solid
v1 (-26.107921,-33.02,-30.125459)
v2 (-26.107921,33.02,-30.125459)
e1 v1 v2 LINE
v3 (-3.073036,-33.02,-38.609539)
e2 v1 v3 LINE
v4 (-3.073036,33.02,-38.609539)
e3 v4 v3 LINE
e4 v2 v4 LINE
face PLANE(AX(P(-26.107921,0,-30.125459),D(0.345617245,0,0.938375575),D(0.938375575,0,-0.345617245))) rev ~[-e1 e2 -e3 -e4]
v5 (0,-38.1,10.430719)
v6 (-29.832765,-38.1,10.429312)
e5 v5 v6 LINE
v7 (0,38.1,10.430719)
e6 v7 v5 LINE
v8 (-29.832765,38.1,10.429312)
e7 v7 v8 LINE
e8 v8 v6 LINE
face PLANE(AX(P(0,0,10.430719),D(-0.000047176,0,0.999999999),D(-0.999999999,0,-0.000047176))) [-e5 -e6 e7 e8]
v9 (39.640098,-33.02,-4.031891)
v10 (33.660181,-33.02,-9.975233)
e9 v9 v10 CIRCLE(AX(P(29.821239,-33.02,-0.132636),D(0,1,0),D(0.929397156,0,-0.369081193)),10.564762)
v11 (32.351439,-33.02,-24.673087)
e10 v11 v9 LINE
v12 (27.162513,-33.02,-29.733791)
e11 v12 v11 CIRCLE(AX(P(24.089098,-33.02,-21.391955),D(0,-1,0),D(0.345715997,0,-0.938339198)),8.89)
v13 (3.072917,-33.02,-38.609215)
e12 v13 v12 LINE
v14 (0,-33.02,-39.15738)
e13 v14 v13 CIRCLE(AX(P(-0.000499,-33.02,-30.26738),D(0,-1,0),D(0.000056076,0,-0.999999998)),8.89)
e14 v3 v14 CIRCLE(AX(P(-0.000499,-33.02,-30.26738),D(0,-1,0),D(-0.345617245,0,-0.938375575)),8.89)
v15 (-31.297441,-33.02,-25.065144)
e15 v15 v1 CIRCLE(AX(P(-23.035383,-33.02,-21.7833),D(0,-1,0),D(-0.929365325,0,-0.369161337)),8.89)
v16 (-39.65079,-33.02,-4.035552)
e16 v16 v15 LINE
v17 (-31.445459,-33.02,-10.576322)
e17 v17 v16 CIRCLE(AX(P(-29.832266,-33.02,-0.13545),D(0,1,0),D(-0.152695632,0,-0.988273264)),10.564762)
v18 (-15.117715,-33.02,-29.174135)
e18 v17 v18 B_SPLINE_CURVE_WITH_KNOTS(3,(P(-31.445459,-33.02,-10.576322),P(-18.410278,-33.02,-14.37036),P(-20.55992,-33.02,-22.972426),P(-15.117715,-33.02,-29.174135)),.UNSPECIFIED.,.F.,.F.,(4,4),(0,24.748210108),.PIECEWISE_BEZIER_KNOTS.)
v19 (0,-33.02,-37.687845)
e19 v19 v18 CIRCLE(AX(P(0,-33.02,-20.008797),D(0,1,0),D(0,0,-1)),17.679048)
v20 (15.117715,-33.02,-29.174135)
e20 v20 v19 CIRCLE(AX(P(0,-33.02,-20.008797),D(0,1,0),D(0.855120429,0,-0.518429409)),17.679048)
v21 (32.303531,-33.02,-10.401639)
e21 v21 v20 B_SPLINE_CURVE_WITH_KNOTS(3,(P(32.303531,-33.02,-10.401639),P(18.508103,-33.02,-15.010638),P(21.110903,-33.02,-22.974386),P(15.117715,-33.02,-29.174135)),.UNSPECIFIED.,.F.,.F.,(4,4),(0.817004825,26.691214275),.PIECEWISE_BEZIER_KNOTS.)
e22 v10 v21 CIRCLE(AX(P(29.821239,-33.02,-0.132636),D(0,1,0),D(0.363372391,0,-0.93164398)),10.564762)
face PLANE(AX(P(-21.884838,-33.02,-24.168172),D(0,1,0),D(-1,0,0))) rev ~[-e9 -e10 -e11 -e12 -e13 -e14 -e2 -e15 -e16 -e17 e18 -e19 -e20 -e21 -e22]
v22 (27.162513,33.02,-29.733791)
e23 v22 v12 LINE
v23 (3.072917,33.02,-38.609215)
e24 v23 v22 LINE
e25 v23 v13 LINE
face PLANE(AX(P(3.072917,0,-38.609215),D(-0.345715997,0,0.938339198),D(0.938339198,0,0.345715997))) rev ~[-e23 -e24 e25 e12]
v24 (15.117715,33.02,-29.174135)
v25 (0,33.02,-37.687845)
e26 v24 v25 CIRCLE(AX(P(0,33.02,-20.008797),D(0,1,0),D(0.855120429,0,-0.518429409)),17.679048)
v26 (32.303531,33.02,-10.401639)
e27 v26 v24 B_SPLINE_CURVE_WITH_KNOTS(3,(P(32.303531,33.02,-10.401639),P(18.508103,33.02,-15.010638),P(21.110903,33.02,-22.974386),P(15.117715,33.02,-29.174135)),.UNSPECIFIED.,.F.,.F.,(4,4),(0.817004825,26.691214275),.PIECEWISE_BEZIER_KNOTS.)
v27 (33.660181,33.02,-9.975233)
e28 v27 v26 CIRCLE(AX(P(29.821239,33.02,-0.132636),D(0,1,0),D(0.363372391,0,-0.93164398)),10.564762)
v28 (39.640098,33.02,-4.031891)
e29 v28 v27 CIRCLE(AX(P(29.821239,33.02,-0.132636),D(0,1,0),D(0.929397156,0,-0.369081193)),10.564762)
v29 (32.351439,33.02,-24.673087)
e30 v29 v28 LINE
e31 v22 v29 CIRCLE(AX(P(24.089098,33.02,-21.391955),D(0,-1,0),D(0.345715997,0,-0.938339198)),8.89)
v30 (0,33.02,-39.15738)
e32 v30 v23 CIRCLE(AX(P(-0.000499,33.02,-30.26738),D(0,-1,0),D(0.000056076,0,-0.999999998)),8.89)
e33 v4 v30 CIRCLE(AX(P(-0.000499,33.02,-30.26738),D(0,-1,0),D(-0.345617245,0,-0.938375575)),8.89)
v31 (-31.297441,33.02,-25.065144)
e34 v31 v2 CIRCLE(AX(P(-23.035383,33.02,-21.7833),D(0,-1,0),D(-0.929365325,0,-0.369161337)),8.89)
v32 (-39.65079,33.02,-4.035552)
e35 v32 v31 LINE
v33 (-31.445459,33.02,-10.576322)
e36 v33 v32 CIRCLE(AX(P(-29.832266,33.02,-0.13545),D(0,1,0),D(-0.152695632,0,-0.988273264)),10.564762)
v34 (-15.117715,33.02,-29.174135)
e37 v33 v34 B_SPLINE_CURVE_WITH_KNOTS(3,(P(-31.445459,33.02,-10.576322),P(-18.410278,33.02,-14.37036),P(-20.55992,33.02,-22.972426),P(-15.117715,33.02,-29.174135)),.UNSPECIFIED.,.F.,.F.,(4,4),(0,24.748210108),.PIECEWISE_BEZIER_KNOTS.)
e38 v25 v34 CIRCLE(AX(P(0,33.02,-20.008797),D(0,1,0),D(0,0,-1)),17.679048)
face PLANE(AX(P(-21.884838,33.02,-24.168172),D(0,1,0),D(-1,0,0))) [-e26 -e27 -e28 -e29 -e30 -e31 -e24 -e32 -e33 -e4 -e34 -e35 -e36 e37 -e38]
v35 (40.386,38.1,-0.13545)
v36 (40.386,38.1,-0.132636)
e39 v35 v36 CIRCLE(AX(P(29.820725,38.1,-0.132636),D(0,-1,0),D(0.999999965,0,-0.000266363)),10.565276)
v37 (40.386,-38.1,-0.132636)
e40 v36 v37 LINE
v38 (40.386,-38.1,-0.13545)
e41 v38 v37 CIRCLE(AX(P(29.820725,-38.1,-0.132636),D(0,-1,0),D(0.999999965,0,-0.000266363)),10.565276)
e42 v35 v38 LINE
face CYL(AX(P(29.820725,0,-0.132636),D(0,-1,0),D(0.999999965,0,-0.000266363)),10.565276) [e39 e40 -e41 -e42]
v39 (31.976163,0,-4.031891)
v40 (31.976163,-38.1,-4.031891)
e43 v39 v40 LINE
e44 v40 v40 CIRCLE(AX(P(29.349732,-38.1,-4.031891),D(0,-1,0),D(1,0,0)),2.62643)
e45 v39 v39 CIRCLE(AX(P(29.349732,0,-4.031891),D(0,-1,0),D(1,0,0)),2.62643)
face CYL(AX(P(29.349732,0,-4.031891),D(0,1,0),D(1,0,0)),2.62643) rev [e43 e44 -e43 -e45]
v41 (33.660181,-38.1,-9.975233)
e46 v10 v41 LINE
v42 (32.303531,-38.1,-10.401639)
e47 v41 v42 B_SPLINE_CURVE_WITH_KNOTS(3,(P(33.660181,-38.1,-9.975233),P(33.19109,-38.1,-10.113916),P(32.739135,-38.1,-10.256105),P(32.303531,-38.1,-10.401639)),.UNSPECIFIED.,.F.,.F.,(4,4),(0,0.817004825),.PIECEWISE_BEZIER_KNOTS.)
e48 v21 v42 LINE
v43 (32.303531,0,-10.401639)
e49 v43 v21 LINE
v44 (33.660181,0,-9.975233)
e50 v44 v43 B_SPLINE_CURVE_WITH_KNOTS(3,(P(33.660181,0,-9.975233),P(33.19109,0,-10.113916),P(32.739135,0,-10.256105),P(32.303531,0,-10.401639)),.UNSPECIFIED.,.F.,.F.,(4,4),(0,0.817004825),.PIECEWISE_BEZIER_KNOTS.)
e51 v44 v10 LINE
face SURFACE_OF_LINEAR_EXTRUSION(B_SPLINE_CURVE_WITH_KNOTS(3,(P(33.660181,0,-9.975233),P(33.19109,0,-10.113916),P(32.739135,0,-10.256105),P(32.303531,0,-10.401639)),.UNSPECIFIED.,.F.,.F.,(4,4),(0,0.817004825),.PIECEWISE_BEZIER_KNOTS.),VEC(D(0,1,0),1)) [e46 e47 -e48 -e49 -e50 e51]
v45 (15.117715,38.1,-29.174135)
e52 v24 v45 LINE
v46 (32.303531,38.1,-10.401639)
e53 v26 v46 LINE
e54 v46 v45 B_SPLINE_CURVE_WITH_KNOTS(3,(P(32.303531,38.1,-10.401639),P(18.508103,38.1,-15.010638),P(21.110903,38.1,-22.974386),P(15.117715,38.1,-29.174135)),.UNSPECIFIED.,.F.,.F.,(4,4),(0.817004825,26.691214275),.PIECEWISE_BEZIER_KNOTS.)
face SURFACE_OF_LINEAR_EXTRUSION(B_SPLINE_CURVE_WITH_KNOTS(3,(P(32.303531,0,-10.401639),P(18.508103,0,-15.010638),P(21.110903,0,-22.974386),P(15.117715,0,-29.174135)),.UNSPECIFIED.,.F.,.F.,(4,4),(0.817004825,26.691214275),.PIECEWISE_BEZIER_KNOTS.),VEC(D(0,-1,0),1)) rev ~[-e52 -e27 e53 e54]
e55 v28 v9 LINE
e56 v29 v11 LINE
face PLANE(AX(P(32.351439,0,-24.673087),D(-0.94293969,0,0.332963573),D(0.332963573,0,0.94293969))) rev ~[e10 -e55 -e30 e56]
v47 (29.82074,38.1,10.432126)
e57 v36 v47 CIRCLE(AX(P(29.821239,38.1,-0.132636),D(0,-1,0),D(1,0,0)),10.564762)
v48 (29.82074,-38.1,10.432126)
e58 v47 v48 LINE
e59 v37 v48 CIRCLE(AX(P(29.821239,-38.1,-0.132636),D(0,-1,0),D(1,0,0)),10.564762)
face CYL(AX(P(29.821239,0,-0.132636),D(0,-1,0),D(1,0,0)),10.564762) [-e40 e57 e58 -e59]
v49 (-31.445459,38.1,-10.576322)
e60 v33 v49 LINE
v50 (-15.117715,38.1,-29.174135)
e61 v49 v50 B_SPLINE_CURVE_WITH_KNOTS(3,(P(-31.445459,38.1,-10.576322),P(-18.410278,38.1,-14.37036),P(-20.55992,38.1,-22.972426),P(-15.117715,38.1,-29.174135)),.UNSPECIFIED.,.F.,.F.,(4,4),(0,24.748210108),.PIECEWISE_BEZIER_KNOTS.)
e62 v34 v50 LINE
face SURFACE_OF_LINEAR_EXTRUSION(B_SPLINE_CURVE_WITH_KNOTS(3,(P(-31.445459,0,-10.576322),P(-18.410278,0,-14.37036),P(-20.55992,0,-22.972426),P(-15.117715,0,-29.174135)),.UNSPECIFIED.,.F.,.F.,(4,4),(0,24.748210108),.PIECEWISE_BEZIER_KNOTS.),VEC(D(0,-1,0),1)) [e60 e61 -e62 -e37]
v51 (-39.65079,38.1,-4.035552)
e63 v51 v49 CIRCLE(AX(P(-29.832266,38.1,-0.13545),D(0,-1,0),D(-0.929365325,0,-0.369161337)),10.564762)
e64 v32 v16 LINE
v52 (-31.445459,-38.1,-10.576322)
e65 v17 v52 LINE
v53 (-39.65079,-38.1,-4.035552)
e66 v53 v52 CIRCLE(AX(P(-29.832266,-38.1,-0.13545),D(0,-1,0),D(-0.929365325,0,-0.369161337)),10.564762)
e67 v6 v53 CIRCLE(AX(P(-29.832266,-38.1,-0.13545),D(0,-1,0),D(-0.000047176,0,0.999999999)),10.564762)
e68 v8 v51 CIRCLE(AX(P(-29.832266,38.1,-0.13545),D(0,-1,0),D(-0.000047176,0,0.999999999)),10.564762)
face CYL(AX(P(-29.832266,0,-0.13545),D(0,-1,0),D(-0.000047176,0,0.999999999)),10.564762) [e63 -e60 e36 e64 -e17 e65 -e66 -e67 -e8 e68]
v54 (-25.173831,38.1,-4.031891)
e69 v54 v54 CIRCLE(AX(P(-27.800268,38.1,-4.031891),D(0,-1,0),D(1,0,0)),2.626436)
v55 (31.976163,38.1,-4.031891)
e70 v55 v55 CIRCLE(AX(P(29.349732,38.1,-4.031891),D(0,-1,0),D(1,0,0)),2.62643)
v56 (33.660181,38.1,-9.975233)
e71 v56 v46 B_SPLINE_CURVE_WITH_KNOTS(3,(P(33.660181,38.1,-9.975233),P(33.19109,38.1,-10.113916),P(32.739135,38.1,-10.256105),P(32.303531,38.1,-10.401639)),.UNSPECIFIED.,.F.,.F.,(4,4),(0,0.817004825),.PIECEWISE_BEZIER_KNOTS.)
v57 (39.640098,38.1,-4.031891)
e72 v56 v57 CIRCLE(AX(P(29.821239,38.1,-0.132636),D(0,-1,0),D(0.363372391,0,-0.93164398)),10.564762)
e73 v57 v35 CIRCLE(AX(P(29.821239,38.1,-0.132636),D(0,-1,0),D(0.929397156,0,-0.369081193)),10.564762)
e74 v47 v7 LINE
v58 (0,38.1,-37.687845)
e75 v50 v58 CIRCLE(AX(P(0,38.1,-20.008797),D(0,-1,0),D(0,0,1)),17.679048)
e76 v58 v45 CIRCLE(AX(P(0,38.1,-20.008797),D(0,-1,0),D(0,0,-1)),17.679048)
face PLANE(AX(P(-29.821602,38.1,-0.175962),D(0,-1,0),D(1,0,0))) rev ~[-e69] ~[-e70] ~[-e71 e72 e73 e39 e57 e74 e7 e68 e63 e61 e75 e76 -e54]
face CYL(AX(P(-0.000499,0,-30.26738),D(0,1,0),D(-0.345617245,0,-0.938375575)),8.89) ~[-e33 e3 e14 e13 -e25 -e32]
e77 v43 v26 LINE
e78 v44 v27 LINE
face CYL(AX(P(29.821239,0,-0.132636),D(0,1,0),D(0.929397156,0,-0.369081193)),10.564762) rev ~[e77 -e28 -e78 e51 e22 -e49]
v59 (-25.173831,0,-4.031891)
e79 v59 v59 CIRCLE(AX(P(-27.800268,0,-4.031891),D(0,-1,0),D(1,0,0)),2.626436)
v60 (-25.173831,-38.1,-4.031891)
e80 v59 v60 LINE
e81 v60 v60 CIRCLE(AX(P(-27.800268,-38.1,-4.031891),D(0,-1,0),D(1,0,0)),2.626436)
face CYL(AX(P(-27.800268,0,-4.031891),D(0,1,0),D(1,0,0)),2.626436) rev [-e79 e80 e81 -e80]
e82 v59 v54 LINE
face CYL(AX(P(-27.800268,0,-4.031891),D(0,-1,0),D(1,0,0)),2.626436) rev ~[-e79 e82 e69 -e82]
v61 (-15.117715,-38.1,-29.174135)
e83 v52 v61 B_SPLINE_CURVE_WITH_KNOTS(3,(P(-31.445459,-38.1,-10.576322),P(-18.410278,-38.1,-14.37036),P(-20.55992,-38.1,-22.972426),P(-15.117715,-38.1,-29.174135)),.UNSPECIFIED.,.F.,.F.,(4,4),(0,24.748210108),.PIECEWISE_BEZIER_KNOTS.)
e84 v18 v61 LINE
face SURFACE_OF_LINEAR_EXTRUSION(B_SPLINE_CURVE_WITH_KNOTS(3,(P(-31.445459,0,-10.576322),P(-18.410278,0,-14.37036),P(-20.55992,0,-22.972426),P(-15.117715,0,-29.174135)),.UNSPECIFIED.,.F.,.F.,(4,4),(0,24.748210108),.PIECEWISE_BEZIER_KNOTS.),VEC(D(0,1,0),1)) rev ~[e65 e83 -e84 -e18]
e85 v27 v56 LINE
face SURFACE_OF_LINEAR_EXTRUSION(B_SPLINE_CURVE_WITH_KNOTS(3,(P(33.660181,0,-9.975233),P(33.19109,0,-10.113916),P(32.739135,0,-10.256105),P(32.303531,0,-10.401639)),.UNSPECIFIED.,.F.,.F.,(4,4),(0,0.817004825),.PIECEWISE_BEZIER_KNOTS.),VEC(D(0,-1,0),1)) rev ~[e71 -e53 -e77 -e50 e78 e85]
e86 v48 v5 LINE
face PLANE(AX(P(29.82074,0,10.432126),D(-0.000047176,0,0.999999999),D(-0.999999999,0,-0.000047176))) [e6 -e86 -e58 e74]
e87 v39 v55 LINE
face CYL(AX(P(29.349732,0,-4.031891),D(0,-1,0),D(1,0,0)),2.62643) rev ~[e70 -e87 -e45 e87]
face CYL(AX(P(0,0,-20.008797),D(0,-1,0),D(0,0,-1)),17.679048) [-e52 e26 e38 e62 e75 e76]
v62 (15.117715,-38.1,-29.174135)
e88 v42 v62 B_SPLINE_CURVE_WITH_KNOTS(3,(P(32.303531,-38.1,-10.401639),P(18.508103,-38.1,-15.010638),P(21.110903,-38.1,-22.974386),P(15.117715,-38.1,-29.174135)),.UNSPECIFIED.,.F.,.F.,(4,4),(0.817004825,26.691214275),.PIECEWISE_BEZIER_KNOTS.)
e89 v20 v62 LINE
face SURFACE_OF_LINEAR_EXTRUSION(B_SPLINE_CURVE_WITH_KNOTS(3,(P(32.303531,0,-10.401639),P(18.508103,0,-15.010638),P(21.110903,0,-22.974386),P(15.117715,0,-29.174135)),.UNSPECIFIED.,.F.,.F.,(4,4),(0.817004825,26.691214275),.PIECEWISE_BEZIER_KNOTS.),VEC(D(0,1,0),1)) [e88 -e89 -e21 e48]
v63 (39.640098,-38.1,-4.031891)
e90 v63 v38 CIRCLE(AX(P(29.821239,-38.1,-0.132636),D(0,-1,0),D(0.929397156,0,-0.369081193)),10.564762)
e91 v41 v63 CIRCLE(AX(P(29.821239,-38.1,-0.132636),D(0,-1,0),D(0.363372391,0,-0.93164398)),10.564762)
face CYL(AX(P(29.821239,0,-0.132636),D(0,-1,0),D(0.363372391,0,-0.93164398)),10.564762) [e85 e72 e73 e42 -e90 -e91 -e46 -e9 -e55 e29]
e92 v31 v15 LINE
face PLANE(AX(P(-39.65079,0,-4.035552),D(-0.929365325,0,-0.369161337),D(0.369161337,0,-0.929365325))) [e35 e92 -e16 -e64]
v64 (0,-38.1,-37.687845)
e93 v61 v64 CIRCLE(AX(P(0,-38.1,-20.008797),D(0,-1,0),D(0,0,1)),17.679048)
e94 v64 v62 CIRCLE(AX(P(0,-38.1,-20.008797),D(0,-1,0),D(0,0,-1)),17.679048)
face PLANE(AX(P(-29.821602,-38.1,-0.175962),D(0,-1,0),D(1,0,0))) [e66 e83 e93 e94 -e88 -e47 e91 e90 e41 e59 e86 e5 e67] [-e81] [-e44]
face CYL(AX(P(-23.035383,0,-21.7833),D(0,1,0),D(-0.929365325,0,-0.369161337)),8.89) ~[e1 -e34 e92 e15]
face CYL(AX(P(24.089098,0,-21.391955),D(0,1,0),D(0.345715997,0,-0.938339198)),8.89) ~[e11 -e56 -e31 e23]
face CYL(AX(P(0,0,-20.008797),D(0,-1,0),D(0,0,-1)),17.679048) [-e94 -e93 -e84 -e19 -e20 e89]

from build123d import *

# Parameters (mm, degrees)
F1_DEPTH = 33.02
F0_R     = 2.6264362
F0_R_2   = 2.6264304873
F2_DEPTH = 38.1


with BuildPart() as f1:
    # F0 (on Front) → F1 (new body, symmetric)
    with BuildSketch(Plane.XZ):
        with BuildLine():
            add(Edge.make_bspline(
                [(-31.4454593495, -10.5763216779), (-18.4102778878, -14.3703602753), (-20.5599198365, -22.9724258326), (-15.1177148521, -29.1741350755)],
                knots=[0, 0, 0, 0, 24.7482101079, 24.7482101079, 24.7482101079, 24.7482101079], degree=3))
            ThreePointArc((-31.4454593495, -10.5763216779), (-36.4175873656, -8.3966690551), (-39.6507896865, -4.035551616))
            Line((-39.6507896865, -4.035551616), (-31.297441197, -25.0651440107))
            ThreePointArc((-31.297441197, -25.0651440107), (-29.241828265, -28.1482147194), (-26.1079207685, -30.1254585901))
            Line((-26.1079207685, -30.1254585901), (-3.0730358258, -38.6095386283))
            ThreePointArc((-3.0730358258, -38.6095386283), (-1.5607510796, -39.0193916461), (0, -39.1573797531))
            Line((0, -39.1573797531), (0, -37.687844526))
            ThreePointArc((0, -37.687844526), (-8.6750871891, -35.4130686309), (-15.1177148521, -29.1741350755))
        make_face()
        with BuildLine():
            ThreePointArc((33.6601813113, -9.9752325779), (32.9890386835, -10.2112882492), (32.3035305265, -10.4016386456))
            add(Edge.make_bspline(
                [(32.3035305265, -10.4016386456), (18.5081026821, -15.0106381958), (21.1109032546, -22.9743855244), (15.1177148521, -29.1741350755)],
                knots=[0.8170048254, 0.8170048254, 0.8170048254, 0.8170048254, 26.6912142755, 26.6912142755, 26.6912142755, 26.6912142755], degree=3))
            ThreePointArc((15.1177148521, -29.1741350755), (8.6750871891, -35.4130686309), (0, -37.687844526))
            Line((0, -37.687844526), (0, -39.1573797531))
            ThreePointArc((0, -39.1573797531), (1.5607053421, -39.0192220029), (3.0729166956, -38.6092152337))
            Line((3.0729166956, -38.6092152337), (27.1625130087, -29.7337906358))
            ThreePointArc((27.1625130087, -29.7337906358), (30.2961519286, -27.7562759529), (32.3514385124, -24.6730869774))
            Line((32.3514385124, -24.6730869774), (39.6400981385, -4.0318907199))
            ThreePointArc((39.6400981385, -4.0318907199), (37.2687025045, -7.6259310267), (33.6601813113, -9.9752325779))
        make_face()
    extrude(amount=F1_DEPTH, both=True)

    # F0 (on Front) → F2 (join, symmetric)
    with BuildSketch(Plane.XZ):
        with BuildLine():
            ThreePointArc((-31.4454593495, -10.5763216779), (-22.9558140486, -8.155960982), (-19.2675045322, -0.1354500166))
            ThreePointArc((-19.2675045322, -0.1354500166), (-22.3620278457, 7.3351409283), (-29.8327647689, 10.4293118073))
            ThreePointArc((-29.8327647689, 10.4293118073), (-38.5736258357, 5.7977470387), (-39.6507896865, -4.035551616))
            ThreePointArc((-39.6507896865, -4.035551616), (-36.4175873656, -8.3966690551), (-31.4454593495, -10.5763216779))
        make_face()
        with Locations((-27.8002675623, -4.0318907199)):
            Circle(F0_R, mode=Mode.SUBTRACT)
        with BuildLine():
            ThreePointArc((-29.8327647689, 10.4293118073), (-22.3620278457, 7.3351409283), (-19.2675045322, -0.1354500166))
            Line((-19.2675045322, -0.1354500166), (0, -0.1354500166))
            Line((0, -0.1354500166), (0, 10.4307191917))
            Line((0, 10.4307191917), (-29.8327647689, 10.4293118073))
        make_face()
        with BuildLine():
            Line((0, 10.4307191917), (0, -0.1354500166))
            Line((0, -0.1354500166), (19.2564770783, -0.1354500166))
            ThreePointArc((19.2564770783, -0.1354500166), (22.3496527134, 7.3366076469), (29.8207401381, 10.4321260089))
            Line((29.8207401381, 10.4321260089), (0, 10.4307191917))
        make_face()
        with BuildLine():
            ThreePointArc((29.8207401381, 10.4321260089), (22.3496527134, 7.3366076469), (19.2564770783, -0.1354500166))
            Line((19.2564770783, -0.1354500166), (40.386, -0.1354500166))
            ThreePointArc((40.386, -0.1354500166), (40.3860002811, -0.1340429158), (40.3860003748, -0.132635815))
            ThreePointArc((40.3860003748, -0.132635815), (37.2914770613, 7.3379551299), (29.8207401381, 10.4321260089))
        make_face()
        with BuildLine():
            Line((40.386, -0.1354500166), (19.2564770783, -0.1354500166))
            ThreePointArc((19.2564770783, -0.1354500166), (23.2882273315, -8.4352834172), (32.3035305265, -10.4016386456))
            add(Edge.make_bspline(
                [(33.6601813113, -9.9752325779), (33.1910900089, -10.1139156622), (32.7391353761, -10.2561047355), (32.3035305265, -10.4016386456)],
                knots=[0, 0, 0, 0, 0.8170048254, 0.8170048254, 0.8170048254, 0.8170048254], degree=3))
            ThreePointArc((33.6601813113, -9.9752325779), (37.2687025045, -7.6259310267), (39.6400981385, -4.0318907199))
            ThreePointArc((39.6400981385, -4.0318907199), (40.1975849298, -2.1189963626), (40.386, -0.1354500166))
        make_face()
        with Locations((29.3497324377, -4.0318907199)):
            Circle(F0_R_2, mode=Mode.SUBTRACT)
        with BuildLine():
            Line((19.2564770783, -0.1354500166), (0, -0.1354500166))
            Line((0, -0.1354500166), (0, -2.329749126))
            ThreePointArc((0, -2.329749126), (12.5009745136, -7.5078223124), (17.6790477, -20.008796826))
            ThreePointArc((17.6790477, -20.008796826), (17.0266780313, -24.7670488997), (15.1177148521, -29.1741350755))
            add(Edge.make_bspline(
                [(32.3035305265, -10.4016386456), (18.5081026821, -15.0106381958), (21.1109032546, -22.9743855244), (15.1177148521, -29.1741350755)],
                knots=[0.8170048254, 0.8170048254, 0.8170048254, 0.8170048254, 26.6912142755, 26.6912142755, 26.6912142755, 26.6912142755], degree=3))
            ThreePointArc((32.3035305265, -10.4016386456), (23.2882273315, -8.4352834172), (19.2564770783, -0.1354500166))
        make_face()
        with BuildLine():
            ThreePointArc((17.6790477, -20.008796826), (12.5009745136, -7.5078223124), (0, -2.329749126))
            Line((0, -2.329749126), (0, -5.484860926))
            ThreePointArc((0, -5.484860926), (10.2699735644, -9.7388232616), (14.5239359, -20.008796826))
            ThreePointArc((14.5239359, -20.008796826), (10.2699735644, -30.2787703904), (0, -34.532732726))
            Line((0, -34.532732726), (0, -37.687844526))
            ThreePointArc((0, -37.687844526), (8.6750871891, -35.4130686309), (15.1177148521, -29.1741350755))
            ThreePointArc((15.1177148521, -29.1741350755), (17.0266780313, -24.7670488997), (17.6790477, -20.008796826))
        make_face()
        with BuildLine():
            Line((0, -0.1354500166), (-19.2675045322, -0.1354500166))
            ThreePointArc((-19.2675045322, -0.1354500166), (-22.9558140486, -8.155960982), (-31.4454593495, -10.5763216779))
            add(Edge.make_bspline(
                [(-31.4454593495, -10.5763216779), (-18.4102778878, -14.3703602753), (-20.5599198365, -22.9724258326), (-15.1177148521, -29.1741350755)],
                knots=[0, 0, 0, 0, 24.7482101079, 24.7482101079, 24.7482101079, 24.7482101079], degree=3))
            ThreePointArc((-15.1177148521, -29.1741350755), (-15.4042718049, -11.3337096369), (0, -2.329749126))
            Line((0, -2.329749126), (0, -0.1354500166))
        make_face()
        with BuildLine():
            Line((0, -5.484860926), (0, -2.329749126))
            ThreePointArc((0, -2.329749126), (-15.4042718049, -11.3337096369), (-15.1177148521, -29.1741350755))
            ThreePointArc((-15.1177148521, -29.1741350755), (-8.6750871891, -35.4130686309), (0, -37.687844526))
            Line((0, -37.687844526), (0, -34.532732726))
            ThreePointArc((0, -34.532732726), (-14.5239359, -20.008796826), (0, -5.484860926))
        make_face()
        with BuildLine():
            Line((0, -34.532732726), (0, -5.484860926))
            ThreePointArc((0, -5.484860926), (-14.5239359, -20.008796826), (0, -34.532732726))
        make_face()
        with BuildLine():
            ThreePointArc((14.5239359, -20.008796826), (10.2699735644, -9.7388232616), (0, -5.484860926))
            Line((0, -5.484860926), (0, -34.532732726))
            ThreePointArc((0, -34.532732726), (10.2699735644, -30.2787703904), (14.5239359, -20.008796826))
        make_face()
    extrude(amount=F2_DEPTH, both=True)


solid = f1.part
